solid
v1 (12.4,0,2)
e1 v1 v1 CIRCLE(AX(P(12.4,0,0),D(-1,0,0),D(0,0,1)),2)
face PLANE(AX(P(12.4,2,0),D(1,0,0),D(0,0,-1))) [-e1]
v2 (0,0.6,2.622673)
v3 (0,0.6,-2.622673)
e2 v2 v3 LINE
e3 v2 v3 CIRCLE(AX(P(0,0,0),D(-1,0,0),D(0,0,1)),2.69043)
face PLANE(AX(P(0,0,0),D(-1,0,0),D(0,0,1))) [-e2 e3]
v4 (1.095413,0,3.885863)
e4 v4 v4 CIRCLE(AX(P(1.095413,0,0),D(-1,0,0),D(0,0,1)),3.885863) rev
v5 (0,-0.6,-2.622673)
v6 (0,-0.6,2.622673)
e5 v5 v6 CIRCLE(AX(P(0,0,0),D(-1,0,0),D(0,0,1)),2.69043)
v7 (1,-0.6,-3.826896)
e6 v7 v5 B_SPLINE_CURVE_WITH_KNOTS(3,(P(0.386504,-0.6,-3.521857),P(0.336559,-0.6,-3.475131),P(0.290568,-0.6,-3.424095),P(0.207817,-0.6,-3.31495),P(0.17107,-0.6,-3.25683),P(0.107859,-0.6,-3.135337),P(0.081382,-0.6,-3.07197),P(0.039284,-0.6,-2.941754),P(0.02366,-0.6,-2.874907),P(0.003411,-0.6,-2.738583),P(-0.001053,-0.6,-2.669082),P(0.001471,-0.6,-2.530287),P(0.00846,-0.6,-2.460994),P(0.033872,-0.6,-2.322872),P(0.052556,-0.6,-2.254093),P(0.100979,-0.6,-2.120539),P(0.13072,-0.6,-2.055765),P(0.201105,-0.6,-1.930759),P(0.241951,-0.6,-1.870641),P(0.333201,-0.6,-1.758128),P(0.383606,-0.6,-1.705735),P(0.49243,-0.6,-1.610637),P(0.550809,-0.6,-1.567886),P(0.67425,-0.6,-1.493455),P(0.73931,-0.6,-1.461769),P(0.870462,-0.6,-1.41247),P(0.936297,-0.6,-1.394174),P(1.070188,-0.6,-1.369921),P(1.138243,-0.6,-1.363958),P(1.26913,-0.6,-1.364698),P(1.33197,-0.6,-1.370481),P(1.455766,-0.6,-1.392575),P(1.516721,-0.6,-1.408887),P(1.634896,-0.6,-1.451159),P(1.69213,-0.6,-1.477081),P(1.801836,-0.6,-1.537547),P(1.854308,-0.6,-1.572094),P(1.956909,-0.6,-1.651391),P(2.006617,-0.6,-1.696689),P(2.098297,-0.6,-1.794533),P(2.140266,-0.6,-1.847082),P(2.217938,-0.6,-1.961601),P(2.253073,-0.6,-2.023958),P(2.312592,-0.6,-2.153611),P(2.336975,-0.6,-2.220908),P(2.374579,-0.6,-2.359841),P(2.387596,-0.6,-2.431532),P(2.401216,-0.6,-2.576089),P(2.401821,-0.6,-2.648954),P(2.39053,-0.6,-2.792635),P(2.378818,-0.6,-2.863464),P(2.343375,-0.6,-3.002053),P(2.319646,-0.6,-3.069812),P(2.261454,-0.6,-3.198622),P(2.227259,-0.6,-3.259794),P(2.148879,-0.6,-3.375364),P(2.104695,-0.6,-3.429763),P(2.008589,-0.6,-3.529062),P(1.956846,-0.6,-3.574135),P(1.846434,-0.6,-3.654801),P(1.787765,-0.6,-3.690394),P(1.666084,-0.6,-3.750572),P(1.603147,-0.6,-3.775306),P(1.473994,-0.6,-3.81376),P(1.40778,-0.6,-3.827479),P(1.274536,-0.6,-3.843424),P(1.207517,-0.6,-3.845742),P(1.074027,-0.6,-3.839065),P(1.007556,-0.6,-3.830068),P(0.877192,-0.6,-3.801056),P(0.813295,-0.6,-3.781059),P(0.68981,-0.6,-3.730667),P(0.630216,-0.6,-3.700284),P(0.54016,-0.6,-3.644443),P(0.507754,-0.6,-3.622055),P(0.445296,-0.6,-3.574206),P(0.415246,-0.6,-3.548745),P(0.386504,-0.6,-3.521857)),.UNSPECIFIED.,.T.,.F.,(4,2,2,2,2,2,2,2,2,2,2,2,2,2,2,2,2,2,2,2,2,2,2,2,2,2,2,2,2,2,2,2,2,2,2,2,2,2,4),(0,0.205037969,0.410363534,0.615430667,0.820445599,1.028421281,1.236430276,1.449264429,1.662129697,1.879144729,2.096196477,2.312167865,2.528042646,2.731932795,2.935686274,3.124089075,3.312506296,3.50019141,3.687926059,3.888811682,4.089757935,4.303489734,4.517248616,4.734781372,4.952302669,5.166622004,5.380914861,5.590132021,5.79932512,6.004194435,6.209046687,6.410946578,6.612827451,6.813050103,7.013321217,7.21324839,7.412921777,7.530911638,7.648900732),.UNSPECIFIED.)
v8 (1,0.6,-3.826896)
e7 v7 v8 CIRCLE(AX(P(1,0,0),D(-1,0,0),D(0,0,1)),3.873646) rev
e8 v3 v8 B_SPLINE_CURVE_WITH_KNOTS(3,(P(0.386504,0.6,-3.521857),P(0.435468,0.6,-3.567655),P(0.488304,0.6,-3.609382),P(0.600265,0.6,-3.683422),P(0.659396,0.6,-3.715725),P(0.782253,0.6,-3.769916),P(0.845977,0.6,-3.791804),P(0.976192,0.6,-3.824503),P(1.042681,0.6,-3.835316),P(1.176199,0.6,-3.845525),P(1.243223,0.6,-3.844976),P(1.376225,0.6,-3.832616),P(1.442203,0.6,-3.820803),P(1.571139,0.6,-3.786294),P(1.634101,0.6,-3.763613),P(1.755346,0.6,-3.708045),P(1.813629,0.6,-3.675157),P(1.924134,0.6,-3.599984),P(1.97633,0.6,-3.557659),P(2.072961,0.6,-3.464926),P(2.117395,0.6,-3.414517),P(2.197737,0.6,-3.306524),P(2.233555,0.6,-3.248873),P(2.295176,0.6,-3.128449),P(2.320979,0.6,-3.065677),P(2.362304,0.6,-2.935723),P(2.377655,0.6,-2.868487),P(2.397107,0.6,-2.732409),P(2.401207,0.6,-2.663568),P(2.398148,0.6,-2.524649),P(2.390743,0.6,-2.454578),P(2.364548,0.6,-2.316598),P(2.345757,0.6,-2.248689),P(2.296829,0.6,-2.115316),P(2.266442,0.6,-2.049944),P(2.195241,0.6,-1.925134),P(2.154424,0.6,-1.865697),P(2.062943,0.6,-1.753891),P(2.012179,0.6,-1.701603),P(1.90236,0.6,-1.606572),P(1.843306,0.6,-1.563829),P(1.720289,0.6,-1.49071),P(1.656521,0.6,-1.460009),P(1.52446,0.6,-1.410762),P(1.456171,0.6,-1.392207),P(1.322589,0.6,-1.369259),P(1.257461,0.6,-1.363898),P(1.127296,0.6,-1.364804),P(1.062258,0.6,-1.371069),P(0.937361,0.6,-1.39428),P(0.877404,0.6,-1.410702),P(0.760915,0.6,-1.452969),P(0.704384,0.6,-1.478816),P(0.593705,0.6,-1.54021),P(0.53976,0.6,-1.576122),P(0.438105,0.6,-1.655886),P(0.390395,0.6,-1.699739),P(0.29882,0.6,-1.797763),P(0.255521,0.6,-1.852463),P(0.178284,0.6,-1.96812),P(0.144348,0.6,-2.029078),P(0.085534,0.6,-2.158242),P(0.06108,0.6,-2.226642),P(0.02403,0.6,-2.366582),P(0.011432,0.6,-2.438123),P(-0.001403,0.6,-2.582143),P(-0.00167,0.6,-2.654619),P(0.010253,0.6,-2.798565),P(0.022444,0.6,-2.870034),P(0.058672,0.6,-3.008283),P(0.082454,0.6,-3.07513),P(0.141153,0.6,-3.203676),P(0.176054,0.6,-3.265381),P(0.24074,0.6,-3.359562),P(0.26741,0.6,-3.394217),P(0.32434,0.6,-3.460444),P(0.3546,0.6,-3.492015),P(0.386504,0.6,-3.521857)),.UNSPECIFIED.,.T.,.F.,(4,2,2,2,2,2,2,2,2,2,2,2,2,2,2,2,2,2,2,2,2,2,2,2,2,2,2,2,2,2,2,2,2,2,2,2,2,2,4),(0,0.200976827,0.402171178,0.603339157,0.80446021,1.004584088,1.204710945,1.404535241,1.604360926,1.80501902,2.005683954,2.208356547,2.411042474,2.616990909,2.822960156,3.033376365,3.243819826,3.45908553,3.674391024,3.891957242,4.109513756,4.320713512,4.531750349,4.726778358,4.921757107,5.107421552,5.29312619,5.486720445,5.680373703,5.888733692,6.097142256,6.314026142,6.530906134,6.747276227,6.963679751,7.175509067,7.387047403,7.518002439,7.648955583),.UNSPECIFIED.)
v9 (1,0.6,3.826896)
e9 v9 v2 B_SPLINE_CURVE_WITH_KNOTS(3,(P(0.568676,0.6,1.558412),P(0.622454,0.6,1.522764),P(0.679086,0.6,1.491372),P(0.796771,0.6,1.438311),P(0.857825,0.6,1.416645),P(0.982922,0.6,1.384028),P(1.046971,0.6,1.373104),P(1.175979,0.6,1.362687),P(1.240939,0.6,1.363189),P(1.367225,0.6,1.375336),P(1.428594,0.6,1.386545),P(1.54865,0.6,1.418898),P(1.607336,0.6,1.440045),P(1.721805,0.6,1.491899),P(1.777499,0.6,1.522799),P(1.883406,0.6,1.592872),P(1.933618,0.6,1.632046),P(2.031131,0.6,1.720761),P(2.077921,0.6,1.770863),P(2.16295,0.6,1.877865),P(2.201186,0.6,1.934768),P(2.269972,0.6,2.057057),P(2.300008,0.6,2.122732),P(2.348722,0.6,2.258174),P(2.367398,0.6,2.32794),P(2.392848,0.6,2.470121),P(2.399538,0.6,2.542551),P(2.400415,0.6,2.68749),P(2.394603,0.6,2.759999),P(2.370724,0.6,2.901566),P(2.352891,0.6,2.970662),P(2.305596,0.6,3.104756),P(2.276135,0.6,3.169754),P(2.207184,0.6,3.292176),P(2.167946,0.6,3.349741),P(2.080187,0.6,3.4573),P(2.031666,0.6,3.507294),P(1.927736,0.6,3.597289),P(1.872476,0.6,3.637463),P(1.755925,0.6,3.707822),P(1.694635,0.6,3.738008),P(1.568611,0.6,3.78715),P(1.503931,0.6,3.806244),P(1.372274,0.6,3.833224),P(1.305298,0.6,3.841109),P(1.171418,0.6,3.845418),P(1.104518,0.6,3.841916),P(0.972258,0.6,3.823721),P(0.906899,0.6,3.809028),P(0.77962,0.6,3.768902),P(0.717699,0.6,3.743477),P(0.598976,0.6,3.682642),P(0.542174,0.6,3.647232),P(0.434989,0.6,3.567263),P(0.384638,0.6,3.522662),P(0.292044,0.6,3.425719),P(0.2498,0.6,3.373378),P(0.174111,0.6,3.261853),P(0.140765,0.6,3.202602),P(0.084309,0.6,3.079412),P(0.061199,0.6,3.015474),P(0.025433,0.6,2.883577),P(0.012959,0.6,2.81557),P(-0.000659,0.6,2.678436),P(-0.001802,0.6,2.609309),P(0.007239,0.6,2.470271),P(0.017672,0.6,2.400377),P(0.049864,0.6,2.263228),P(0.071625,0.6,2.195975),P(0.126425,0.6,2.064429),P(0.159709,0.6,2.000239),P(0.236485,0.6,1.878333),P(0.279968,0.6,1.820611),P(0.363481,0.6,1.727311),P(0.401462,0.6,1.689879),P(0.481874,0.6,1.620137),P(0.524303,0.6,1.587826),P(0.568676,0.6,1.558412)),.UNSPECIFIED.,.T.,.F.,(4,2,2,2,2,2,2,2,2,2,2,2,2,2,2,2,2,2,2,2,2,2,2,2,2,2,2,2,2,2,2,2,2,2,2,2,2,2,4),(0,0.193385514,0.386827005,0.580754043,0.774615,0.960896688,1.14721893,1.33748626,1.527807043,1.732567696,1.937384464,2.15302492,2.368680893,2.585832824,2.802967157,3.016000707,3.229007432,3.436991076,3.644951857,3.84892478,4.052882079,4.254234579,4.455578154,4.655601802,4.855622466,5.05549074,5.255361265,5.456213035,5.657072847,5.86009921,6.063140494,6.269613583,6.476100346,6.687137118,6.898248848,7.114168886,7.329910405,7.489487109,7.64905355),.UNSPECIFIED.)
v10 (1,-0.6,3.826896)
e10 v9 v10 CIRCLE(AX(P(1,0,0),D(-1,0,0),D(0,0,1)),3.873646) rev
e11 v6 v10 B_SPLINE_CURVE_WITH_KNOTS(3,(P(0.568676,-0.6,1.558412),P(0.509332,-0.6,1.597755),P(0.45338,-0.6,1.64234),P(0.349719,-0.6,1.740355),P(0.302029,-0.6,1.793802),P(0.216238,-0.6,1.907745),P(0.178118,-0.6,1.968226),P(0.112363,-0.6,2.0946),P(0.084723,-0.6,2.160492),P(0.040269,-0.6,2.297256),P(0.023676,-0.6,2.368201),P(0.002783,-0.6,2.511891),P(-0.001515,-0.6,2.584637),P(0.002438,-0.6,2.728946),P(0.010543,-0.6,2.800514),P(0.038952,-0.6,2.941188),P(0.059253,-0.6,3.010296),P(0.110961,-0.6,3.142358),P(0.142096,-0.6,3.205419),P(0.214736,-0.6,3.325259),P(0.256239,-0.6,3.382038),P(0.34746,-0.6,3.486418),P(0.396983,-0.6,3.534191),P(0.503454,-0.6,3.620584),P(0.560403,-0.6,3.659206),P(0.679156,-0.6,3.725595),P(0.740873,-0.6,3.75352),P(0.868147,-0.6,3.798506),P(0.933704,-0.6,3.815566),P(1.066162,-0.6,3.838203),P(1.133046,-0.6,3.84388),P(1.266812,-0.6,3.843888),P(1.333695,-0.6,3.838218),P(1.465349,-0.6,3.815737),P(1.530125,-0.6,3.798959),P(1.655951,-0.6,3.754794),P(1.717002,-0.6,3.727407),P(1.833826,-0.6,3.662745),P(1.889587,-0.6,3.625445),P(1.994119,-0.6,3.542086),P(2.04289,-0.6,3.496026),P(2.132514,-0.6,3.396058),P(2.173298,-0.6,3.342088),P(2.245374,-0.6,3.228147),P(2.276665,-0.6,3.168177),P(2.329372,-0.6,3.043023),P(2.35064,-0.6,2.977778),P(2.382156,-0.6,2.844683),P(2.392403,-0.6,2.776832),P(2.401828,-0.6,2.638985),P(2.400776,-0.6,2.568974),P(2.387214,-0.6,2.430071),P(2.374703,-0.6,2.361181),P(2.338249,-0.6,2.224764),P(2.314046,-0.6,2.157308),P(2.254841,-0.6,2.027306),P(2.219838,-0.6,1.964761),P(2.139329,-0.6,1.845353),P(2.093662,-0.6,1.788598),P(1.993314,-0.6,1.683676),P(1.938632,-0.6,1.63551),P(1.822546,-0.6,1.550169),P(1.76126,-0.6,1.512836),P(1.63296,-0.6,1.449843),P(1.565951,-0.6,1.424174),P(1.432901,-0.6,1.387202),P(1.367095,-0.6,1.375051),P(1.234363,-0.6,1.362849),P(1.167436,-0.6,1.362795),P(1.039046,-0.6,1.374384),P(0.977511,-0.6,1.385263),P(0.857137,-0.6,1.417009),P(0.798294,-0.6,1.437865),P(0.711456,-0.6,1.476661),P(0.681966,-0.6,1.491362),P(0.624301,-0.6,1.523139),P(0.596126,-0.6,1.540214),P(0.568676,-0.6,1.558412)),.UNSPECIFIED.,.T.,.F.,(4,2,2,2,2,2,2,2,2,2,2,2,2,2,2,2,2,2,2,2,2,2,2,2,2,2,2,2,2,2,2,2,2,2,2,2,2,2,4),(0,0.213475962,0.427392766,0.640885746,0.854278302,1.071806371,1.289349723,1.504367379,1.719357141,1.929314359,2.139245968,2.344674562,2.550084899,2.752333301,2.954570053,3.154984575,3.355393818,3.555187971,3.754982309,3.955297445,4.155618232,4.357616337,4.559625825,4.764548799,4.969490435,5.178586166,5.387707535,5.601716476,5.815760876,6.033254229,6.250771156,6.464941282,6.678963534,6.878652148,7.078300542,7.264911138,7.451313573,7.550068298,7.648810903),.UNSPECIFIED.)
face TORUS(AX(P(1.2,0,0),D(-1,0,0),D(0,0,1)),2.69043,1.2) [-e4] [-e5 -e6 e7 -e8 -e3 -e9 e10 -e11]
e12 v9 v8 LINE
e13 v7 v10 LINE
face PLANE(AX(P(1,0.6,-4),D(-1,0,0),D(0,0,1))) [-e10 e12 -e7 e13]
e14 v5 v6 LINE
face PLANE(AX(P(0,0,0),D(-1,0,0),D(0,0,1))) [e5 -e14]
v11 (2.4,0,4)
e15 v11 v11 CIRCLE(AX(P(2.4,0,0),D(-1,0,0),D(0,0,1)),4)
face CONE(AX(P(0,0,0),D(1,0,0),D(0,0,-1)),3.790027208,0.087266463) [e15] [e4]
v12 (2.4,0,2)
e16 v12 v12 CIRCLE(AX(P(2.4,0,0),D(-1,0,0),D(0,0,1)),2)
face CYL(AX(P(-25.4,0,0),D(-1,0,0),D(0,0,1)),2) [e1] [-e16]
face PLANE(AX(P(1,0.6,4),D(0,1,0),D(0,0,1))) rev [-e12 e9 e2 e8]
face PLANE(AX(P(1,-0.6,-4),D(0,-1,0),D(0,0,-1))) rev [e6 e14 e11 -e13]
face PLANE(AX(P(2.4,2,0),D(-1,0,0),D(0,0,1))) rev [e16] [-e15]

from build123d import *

# Parameters (mm, degrees)
FILLET2_R  = 1.2
SKETCH2_W  = 8
SKETCH2_H  = 1.2
SLOT_DEPTH = 1


with BuildPart() as part:
    # BodySke → Base-Revolve (revolve)
    with BuildSketch(Plane.XY, mode=Mode.PRIVATE) as base_revolve_sk:
        Polygon((2.4, 2), (2.4, 4), (0, 3.790027208), (0, 0), (12.4, 0), (12.4, 2), align=None)
    revolve(base_revolve_sk.sketch.rotate(Axis((-25.4, 0, 0), (1, 0, 0)), 90), axis=Axis((-25.4, 0, 0), (1, 0, 0)))  # turned: the seam where the file's is

    # Fillet2
    fillet2_edges = [part.edges().sort_by_distance(p)[0] for p in [
        (0, 0, -3.790027208),
    ]]
    fillet(fillet2_edges, radius=FILLET2_R)

    # Sketch2 → Slot (cut)
    with BuildSketch(Plane(origin=(0, 0, 0), x_dir=(0, 0, -1), z_dir=(1, 0, 0))):
        Rectangle(SKETCH2_W, SKETCH2_H)
    extrude(amount=SLOT_DEPTH, mode=Mode.SUBTRACT)


solid = part.part
